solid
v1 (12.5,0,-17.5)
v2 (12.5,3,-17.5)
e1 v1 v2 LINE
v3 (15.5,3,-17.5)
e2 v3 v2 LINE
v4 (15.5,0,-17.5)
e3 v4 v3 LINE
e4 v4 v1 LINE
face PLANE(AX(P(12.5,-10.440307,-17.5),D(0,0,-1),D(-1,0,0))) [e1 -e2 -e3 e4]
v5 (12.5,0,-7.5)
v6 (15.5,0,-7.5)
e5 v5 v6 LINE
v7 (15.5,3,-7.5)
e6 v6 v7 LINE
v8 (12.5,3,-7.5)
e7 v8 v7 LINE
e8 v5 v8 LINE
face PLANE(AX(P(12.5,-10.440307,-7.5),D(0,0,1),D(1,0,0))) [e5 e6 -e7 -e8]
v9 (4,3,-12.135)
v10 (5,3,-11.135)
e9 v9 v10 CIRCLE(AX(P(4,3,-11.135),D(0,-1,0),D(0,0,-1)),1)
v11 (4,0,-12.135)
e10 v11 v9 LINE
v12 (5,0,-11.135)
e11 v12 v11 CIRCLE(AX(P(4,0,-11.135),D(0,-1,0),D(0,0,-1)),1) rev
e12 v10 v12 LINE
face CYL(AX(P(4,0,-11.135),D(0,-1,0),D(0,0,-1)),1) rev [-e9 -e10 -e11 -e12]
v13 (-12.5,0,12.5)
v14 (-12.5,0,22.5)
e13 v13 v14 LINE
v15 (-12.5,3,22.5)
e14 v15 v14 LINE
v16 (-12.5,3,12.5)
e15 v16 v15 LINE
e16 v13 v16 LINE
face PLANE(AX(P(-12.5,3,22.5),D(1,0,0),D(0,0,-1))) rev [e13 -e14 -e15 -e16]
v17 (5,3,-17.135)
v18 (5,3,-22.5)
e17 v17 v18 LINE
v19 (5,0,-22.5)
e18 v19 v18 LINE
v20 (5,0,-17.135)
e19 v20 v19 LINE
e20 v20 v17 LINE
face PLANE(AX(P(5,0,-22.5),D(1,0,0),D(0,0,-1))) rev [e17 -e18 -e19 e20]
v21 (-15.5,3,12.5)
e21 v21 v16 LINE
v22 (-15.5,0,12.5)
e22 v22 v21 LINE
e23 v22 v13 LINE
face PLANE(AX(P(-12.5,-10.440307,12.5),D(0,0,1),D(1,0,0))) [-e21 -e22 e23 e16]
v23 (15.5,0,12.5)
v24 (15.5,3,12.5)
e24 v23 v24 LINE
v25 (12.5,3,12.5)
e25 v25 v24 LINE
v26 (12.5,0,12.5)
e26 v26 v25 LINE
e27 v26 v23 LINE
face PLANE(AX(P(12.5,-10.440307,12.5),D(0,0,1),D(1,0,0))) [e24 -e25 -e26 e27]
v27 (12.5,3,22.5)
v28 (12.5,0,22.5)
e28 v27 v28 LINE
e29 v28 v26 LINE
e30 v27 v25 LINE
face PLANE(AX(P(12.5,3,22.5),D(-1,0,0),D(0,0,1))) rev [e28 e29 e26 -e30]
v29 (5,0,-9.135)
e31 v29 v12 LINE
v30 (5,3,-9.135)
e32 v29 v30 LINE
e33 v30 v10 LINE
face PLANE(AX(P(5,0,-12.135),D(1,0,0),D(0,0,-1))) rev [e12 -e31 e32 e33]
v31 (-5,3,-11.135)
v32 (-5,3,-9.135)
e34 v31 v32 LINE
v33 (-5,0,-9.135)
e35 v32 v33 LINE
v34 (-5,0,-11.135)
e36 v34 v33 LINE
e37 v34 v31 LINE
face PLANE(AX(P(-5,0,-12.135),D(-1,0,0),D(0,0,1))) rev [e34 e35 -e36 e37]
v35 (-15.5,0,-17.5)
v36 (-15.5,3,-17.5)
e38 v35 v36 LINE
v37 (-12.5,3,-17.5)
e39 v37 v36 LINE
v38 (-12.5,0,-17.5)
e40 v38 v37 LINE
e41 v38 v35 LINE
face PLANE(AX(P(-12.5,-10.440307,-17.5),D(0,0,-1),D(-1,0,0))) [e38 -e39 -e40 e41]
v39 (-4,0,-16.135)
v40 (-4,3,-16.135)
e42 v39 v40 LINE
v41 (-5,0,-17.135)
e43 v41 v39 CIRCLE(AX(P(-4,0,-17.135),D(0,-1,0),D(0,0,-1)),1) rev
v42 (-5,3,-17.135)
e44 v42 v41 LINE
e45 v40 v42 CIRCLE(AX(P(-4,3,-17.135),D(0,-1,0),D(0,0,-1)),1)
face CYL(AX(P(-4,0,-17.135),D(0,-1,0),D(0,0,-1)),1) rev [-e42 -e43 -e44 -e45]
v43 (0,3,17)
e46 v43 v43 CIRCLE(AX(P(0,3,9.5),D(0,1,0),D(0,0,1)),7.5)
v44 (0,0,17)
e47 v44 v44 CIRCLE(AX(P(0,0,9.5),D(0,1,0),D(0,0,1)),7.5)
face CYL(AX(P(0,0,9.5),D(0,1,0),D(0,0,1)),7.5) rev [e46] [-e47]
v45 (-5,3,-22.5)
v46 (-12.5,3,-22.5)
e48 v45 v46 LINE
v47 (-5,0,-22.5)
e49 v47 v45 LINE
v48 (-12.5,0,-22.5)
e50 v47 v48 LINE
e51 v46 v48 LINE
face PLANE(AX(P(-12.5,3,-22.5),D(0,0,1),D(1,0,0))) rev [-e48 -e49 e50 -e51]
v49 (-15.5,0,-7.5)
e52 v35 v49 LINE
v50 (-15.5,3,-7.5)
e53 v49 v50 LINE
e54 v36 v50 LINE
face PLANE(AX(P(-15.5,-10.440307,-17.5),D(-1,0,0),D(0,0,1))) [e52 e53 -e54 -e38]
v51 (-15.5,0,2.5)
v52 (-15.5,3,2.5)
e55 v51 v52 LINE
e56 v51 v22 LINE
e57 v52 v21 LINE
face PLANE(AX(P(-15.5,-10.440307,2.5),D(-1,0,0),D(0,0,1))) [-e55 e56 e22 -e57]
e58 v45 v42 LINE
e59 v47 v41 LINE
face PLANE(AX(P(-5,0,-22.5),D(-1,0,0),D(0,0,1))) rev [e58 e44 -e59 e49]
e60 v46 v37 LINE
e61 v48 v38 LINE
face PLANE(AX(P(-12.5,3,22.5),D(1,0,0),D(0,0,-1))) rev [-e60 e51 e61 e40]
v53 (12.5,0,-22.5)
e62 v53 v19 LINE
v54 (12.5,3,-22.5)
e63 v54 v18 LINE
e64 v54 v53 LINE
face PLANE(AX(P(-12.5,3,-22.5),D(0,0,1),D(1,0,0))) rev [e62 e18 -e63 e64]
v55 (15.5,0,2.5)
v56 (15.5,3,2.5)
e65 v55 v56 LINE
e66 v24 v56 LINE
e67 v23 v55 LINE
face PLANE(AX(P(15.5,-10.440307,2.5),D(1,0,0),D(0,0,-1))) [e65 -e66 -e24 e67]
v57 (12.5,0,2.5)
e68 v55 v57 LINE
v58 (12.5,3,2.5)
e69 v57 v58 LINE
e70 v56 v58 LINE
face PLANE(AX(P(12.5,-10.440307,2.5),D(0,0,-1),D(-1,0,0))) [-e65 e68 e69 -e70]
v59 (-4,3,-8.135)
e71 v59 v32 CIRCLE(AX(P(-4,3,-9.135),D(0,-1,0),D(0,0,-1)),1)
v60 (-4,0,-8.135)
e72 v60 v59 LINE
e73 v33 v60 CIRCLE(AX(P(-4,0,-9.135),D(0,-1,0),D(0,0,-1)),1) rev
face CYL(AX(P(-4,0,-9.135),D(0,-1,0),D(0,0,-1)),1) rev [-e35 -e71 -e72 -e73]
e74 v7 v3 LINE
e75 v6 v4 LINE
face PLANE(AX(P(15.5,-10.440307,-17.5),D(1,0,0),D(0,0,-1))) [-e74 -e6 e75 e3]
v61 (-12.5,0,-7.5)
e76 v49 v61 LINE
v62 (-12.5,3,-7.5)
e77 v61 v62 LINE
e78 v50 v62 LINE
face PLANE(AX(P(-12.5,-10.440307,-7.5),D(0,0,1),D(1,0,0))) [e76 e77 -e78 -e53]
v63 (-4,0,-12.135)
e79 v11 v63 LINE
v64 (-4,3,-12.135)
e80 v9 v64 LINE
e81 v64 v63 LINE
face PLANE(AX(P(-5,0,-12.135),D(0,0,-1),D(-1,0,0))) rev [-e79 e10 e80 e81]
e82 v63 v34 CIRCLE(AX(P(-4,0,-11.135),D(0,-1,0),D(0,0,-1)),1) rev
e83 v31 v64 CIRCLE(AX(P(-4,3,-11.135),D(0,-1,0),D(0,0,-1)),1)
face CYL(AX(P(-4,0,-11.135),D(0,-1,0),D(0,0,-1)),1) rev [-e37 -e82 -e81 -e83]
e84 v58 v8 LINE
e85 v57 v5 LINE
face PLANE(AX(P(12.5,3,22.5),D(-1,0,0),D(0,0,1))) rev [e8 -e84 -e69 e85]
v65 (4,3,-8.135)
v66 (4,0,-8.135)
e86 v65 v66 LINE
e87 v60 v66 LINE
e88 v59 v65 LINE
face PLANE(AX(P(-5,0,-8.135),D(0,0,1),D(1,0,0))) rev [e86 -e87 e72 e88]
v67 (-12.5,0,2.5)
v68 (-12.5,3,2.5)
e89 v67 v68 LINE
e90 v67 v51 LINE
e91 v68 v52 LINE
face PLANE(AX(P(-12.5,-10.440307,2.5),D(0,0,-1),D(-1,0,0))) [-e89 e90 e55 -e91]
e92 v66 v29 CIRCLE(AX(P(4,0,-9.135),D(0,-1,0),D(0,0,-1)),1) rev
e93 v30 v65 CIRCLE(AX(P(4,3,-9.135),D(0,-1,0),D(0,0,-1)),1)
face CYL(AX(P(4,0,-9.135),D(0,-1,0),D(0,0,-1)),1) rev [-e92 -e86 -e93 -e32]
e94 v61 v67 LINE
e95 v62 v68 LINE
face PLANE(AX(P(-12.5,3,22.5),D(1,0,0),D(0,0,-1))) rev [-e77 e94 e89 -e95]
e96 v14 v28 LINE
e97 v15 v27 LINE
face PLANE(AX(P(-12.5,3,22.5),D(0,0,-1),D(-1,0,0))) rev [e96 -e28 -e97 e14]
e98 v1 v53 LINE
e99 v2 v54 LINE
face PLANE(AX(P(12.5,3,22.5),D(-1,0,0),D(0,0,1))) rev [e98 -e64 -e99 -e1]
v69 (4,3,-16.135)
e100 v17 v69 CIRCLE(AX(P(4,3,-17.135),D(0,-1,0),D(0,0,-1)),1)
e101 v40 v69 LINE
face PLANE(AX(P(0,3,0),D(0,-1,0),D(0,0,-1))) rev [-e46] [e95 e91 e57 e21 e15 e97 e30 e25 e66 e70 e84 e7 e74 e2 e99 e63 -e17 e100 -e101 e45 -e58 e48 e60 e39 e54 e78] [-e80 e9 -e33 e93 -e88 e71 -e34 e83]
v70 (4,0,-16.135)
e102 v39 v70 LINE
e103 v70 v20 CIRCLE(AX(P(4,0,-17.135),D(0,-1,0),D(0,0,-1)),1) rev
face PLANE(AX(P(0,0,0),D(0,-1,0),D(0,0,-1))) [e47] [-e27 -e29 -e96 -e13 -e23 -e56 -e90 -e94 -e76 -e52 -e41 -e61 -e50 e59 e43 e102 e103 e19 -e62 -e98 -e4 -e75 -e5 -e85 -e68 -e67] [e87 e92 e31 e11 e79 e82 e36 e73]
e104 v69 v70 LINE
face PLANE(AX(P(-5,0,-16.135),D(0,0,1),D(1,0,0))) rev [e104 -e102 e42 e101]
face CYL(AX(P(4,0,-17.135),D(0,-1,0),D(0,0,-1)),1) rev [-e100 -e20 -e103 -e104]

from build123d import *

# Parameters (mm, degrees)
SKETCH1_W           = 25
SKETCH1_H           = 45
BOSS_EXTRUDE1_DEPTH = 3
SKETCH2_R           = 7.5
SKETCH2_W           = 10
SKETCH2_H           = 6.365
SKETCH2_H_2         = 4
CUT_EXTRUDE1_DEPTH  = 4
FILLET1_R           = 1
SKETCH3_W           = 3
SKETCH3_H           = 10
BOSS_EXTRUDE2_DEPTH = 3


with BuildPart() as part:
    # Sketch1 → Boss-Extrude1 (new body)
    with BuildSketch(Plane(origin=(0, 0, 0), x_dir=(1, 0, 0), z_dir=(0, 1, 0))):
        Rectangle(SKETCH1_W, SKETCH1_H)
    extrude(amount=BOSS_EXTRUDE1_DEPTH)

    # Sketch2 → Cut-Extrude1 (cut, through all)
    with BuildSketch(Plane(origin=(0, 3, 0), x_dir=(1, 0, 0), z_dir=(0, 1, 0))):
        with Locations((0, -9.5)):
            Circle(SKETCH2_R)
        with Locations((0, 19.3175)):
            Rectangle(SKETCH2_W, SKETCH2_H)
        with Locations((0, 10.135)):
            Rectangle(SKETCH2_W, SKETCH2_H_2)
    extrude(amount=-CUT_EXTRUDE1_DEPTH, mode=Mode.SUBTRACT)

    # Fillet1
    fillet1_edges = [part.edges().sort_by_distance(p)[0] for p in [
        (-5, 1.5, -16.135),
        (5, 1.5, -16.135),
        (-5, 1.5, -8.135),
        (-5, 1.5, -12.135),
        (5, 1.5, -12.135),
        (5, 1.5, -8.135),
    ]]
    fillet(fillet1_edges, radius=FILLET1_R)

    # Sketch3 → Boss-Extrude2 (add)
    with BuildSketch(Plane(origin=(0, 3, 0), x_dir=(1, 0, 0), z_dir=(0, 1, 0))):
        with Locations((14, -7.5)):
            Rectangle(SKETCH3_W, SKETCH3_H)
        with Locations((14, 12.5)):
            Rectangle(SKETCH3_W, SKETCH3_H)
        with Locations((-14, -7.5)):
            Rectangle(SKETCH3_W, SKETCH3_H)
        with Locations((-14, 12.5)):
            Rectangle(SKETCH3_W, SKETCH3_H)
    extrude(amount=-BOSS_EXTRUDE2_DEPTH)


solid = part.part
